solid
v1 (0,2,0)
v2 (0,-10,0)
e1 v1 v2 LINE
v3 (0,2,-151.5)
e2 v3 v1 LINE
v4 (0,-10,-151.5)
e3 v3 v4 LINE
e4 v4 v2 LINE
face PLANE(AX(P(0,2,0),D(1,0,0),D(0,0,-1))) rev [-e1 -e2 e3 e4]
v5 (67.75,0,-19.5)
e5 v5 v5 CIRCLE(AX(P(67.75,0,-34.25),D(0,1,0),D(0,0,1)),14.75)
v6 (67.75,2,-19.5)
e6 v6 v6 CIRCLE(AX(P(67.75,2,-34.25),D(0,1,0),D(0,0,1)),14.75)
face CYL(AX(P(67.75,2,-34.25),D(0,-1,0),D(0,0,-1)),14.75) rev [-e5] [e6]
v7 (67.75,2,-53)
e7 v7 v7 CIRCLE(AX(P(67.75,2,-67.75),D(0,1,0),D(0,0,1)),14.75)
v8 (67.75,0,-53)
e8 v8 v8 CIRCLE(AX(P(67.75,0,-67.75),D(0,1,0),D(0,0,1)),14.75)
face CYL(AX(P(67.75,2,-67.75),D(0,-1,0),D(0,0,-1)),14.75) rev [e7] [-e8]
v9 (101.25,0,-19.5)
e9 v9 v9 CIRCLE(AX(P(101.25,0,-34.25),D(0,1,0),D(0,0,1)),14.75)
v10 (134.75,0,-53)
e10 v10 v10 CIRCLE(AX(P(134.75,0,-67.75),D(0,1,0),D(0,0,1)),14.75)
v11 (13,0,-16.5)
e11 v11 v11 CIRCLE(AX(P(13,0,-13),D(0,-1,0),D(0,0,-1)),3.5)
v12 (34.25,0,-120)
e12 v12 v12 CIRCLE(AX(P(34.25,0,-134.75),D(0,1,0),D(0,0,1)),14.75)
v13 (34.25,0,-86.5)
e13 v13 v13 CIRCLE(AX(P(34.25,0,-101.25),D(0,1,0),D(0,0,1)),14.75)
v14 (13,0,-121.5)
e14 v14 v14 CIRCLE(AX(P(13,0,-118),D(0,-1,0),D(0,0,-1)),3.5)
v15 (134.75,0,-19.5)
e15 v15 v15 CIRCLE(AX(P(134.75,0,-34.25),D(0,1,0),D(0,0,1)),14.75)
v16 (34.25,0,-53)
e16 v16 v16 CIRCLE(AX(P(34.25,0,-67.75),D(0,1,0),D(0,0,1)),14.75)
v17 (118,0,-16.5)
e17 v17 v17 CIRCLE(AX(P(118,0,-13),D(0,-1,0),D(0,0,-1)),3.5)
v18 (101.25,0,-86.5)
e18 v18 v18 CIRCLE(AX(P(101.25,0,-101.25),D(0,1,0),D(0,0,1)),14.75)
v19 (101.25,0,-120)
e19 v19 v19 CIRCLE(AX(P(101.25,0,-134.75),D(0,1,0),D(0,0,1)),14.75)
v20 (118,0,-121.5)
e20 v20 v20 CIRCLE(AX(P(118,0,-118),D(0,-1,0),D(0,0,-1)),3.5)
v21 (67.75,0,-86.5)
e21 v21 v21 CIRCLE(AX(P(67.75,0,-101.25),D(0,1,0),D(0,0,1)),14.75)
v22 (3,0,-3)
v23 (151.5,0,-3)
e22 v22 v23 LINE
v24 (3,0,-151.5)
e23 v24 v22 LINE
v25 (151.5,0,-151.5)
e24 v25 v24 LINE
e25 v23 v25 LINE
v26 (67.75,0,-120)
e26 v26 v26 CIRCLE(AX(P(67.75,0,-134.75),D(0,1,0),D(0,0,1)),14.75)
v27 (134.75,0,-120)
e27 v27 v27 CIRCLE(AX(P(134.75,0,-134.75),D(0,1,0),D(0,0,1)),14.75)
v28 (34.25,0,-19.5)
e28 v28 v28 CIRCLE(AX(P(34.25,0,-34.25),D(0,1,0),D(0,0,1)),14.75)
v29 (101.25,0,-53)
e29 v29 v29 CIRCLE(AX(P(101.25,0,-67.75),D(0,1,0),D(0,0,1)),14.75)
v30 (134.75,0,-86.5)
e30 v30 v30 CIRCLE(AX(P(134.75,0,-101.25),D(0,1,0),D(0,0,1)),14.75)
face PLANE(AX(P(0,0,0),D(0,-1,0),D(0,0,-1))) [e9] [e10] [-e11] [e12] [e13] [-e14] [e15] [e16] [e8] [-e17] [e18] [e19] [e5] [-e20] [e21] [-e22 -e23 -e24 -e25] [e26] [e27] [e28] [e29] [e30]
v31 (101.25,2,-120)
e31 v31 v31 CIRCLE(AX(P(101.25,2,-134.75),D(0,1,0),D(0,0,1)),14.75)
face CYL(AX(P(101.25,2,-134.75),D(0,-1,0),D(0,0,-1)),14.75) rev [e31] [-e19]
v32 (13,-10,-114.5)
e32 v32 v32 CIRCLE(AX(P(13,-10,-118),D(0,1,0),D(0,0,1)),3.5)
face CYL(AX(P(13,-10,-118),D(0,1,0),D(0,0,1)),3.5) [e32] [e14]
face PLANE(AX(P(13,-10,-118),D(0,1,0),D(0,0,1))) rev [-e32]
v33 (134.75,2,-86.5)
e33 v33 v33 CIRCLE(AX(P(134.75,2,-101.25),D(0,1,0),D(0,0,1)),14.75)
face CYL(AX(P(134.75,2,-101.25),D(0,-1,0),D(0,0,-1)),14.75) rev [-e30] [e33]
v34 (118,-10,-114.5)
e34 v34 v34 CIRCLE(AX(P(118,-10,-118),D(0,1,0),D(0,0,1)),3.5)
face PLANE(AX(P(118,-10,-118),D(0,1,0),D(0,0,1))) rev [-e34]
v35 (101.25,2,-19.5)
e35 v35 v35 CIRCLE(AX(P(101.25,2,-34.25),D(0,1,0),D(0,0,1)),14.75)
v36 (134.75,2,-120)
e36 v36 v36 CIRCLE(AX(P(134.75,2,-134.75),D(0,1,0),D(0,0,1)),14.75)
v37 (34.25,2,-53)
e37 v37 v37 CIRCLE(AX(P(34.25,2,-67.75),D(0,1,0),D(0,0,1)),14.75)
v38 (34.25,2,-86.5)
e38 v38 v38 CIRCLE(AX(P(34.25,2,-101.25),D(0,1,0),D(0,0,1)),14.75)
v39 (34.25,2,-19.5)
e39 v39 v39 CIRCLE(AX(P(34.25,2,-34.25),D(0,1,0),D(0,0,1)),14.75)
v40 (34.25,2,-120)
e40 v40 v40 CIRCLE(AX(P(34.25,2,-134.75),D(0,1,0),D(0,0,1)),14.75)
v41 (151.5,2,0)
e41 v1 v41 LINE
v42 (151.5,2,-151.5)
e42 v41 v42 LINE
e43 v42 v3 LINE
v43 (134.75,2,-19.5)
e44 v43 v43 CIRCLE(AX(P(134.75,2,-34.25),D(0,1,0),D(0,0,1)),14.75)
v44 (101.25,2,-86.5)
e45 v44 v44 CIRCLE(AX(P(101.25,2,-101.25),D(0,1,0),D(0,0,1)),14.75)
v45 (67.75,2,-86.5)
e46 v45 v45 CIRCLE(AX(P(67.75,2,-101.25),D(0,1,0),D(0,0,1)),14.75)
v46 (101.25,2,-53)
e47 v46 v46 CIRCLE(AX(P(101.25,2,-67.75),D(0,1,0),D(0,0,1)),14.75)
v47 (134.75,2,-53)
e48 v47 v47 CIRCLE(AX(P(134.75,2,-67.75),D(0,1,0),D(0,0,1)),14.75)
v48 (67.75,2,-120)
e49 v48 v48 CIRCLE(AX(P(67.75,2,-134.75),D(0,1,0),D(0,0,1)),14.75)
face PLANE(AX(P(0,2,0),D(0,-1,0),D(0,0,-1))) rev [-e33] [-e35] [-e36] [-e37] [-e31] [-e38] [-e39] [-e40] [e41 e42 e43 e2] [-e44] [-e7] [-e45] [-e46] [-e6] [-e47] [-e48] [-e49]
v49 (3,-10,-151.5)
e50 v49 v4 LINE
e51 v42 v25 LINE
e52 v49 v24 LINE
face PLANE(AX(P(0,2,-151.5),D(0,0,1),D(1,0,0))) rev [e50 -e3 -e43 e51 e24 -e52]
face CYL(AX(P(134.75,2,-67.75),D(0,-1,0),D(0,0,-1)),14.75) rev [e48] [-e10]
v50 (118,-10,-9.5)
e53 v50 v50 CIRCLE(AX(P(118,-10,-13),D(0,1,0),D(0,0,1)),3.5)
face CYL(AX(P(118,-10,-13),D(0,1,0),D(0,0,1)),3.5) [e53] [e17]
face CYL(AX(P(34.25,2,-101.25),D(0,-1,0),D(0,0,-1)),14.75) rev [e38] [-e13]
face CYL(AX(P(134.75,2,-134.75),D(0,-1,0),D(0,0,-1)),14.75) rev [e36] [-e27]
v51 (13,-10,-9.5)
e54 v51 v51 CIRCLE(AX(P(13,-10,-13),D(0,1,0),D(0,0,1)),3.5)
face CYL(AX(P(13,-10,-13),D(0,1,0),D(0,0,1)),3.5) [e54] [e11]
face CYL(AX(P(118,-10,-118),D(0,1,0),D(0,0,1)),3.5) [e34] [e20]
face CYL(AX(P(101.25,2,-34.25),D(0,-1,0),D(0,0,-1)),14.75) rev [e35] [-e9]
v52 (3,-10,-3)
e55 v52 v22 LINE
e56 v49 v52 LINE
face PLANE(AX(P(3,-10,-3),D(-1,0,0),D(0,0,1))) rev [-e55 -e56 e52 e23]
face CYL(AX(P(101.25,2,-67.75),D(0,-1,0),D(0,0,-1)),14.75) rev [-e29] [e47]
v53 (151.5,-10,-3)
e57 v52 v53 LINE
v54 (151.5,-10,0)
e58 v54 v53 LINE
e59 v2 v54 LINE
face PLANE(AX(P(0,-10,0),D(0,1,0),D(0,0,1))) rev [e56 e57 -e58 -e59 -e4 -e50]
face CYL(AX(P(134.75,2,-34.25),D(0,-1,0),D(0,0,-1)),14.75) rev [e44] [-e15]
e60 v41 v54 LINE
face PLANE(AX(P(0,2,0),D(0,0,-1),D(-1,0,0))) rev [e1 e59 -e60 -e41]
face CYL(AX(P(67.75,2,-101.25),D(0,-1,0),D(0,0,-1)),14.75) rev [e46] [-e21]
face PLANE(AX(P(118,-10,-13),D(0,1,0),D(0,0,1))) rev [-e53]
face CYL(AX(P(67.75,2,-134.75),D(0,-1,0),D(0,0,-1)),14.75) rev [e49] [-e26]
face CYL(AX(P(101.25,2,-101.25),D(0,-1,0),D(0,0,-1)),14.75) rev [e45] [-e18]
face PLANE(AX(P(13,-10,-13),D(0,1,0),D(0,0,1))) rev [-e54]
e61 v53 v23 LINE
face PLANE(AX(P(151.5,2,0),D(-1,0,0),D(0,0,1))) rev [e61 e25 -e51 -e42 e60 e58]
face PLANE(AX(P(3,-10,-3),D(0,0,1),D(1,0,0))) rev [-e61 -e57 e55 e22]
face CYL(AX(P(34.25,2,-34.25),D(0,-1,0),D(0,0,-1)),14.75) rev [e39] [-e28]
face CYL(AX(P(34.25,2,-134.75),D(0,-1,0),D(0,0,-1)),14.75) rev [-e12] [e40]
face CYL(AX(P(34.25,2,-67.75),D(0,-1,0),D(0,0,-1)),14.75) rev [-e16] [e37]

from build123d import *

# Parameters (mm, degrees)
SKETCH1_W            = 151.5
SKETCH1_H            = 151.5
BOSS_EXTRUDE1_DEPTH  = 2
SKETCH2_R            = 14.75
CUT_EXTRUDE2_DEPTH   = 2
LPATTERN1_COUNT      = 4
LPATTERN1_PITCH      = 33.5
LPATTERN1_COUNT_DIR2 = 4
LPATTERN1_PITCH_DIR2 = 33.5
SKETCH3_W            = 151.5
SKETCH3_H            = 151.5
BOSS_EXTRUDE2_DEPTH  = 10
SKETCH5_W            = 148.5
SKETCH5_H            = 148.5
CUT_EXTRUDE4_DEPTH   = 10
SKETCH8_R            = 3.5
BOSS_EXTRUDE4_DEPTH  = 10
LPATTERN2_COUNT      = 2
LPATTERN2_PITCH      = 105
LPATTERN2_COUNT_DIR2 = 2
LPATTERN2_PITCH_DIR2 = 105


with BuildPart() as part:
    # Sketch1 → Boss-Extrude1 (new body)
    with BuildSketch(Plane(origin=(0, 0, 0), x_dir=(1, 0, 0), z_dir=(0, 1, 0))):
        with Locations((75.75, 75.75)):
            Rectangle(SKETCH1_W, SKETCH1_H)
    extrude(amount=BOSS_EXTRUDE1_DEPTH)

    # Sketch2 → Cut-Extrude2 (cut)
    with BuildSketch(Plane(origin=(0, 0, 0), x_dir=(1, 0, 0), z_dir=(0, 1, 0))):
        with Locations((34.25, 34.25)):
            Circle(SKETCH2_R)
    cut_extrude2 = extrude(amount=CUT_EXTRUDE2_DEPTH, mode=Mode.SUBTRACT)

    # LPattern1: Cut-Extrude2 4 × 4
    with Locations(*[(i * LPATTERN1_PITCH, 0, -j * LPATTERN1_PITCH_DIR2) for i in range(LPATTERN1_COUNT) for j in range(LPATTERN1_COUNT_DIR2) if (i, j) != (0, 0)]):
        add(cut_extrude2, mode=Mode.SUBTRACT)

    # Sketch3 → Boss-Extrude2 (add)
    with BuildSketch(Plane(origin=(0, 0, 0), x_dir=(1, 0, 0), z_dir=(0, 1, 0))):
        with Locations((75.75, 75.75)):
            Rectangle(SKETCH3_W, SKETCH3_H)
    extrude(amount=-BOSS_EXTRUDE2_DEPTH)

    # Sketch5 → Cut-Extrude4 (cut)
    with BuildSketch(Plane(origin=(0, 0, 0), x_dir=(1, 0, 0), z_dir=(0, 1, 0))):
        with Locations((77.25, 77.25)):
            Rectangle(SKETCH5_W, SKETCH5_H)
    extrude(amount=-CUT_EXTRUDE4_DEPTH, mode=Mode.SUBTRACT)

    # Sketch8 → Boss-Extrude4 (add)
    with BuildSketch(Plane(origin=(0, 0, 0), x_dir=(1, 0, 0), z_dir=(0, 1, 0))):
        with Locations((13, 13)):
            Circle(SKETCH8_R)
    boss_extrude4 = extrude(amount=-BOSS_EXTRUDE4_DEPTH)

    # LPattern2: Boss-Extrude4 2 × 2
    with Locations(*[(j * LPATTERN2_PITCH_DIR2, 0, -i * LPATTERN2_PITCH) for i in range(LPATTERN2_COUNT) for j in range(LPATTERN2_COUNT_DIR2) if (i, j) != (0, 0)]):
        add(boss_extrude4)


solid = part.part
